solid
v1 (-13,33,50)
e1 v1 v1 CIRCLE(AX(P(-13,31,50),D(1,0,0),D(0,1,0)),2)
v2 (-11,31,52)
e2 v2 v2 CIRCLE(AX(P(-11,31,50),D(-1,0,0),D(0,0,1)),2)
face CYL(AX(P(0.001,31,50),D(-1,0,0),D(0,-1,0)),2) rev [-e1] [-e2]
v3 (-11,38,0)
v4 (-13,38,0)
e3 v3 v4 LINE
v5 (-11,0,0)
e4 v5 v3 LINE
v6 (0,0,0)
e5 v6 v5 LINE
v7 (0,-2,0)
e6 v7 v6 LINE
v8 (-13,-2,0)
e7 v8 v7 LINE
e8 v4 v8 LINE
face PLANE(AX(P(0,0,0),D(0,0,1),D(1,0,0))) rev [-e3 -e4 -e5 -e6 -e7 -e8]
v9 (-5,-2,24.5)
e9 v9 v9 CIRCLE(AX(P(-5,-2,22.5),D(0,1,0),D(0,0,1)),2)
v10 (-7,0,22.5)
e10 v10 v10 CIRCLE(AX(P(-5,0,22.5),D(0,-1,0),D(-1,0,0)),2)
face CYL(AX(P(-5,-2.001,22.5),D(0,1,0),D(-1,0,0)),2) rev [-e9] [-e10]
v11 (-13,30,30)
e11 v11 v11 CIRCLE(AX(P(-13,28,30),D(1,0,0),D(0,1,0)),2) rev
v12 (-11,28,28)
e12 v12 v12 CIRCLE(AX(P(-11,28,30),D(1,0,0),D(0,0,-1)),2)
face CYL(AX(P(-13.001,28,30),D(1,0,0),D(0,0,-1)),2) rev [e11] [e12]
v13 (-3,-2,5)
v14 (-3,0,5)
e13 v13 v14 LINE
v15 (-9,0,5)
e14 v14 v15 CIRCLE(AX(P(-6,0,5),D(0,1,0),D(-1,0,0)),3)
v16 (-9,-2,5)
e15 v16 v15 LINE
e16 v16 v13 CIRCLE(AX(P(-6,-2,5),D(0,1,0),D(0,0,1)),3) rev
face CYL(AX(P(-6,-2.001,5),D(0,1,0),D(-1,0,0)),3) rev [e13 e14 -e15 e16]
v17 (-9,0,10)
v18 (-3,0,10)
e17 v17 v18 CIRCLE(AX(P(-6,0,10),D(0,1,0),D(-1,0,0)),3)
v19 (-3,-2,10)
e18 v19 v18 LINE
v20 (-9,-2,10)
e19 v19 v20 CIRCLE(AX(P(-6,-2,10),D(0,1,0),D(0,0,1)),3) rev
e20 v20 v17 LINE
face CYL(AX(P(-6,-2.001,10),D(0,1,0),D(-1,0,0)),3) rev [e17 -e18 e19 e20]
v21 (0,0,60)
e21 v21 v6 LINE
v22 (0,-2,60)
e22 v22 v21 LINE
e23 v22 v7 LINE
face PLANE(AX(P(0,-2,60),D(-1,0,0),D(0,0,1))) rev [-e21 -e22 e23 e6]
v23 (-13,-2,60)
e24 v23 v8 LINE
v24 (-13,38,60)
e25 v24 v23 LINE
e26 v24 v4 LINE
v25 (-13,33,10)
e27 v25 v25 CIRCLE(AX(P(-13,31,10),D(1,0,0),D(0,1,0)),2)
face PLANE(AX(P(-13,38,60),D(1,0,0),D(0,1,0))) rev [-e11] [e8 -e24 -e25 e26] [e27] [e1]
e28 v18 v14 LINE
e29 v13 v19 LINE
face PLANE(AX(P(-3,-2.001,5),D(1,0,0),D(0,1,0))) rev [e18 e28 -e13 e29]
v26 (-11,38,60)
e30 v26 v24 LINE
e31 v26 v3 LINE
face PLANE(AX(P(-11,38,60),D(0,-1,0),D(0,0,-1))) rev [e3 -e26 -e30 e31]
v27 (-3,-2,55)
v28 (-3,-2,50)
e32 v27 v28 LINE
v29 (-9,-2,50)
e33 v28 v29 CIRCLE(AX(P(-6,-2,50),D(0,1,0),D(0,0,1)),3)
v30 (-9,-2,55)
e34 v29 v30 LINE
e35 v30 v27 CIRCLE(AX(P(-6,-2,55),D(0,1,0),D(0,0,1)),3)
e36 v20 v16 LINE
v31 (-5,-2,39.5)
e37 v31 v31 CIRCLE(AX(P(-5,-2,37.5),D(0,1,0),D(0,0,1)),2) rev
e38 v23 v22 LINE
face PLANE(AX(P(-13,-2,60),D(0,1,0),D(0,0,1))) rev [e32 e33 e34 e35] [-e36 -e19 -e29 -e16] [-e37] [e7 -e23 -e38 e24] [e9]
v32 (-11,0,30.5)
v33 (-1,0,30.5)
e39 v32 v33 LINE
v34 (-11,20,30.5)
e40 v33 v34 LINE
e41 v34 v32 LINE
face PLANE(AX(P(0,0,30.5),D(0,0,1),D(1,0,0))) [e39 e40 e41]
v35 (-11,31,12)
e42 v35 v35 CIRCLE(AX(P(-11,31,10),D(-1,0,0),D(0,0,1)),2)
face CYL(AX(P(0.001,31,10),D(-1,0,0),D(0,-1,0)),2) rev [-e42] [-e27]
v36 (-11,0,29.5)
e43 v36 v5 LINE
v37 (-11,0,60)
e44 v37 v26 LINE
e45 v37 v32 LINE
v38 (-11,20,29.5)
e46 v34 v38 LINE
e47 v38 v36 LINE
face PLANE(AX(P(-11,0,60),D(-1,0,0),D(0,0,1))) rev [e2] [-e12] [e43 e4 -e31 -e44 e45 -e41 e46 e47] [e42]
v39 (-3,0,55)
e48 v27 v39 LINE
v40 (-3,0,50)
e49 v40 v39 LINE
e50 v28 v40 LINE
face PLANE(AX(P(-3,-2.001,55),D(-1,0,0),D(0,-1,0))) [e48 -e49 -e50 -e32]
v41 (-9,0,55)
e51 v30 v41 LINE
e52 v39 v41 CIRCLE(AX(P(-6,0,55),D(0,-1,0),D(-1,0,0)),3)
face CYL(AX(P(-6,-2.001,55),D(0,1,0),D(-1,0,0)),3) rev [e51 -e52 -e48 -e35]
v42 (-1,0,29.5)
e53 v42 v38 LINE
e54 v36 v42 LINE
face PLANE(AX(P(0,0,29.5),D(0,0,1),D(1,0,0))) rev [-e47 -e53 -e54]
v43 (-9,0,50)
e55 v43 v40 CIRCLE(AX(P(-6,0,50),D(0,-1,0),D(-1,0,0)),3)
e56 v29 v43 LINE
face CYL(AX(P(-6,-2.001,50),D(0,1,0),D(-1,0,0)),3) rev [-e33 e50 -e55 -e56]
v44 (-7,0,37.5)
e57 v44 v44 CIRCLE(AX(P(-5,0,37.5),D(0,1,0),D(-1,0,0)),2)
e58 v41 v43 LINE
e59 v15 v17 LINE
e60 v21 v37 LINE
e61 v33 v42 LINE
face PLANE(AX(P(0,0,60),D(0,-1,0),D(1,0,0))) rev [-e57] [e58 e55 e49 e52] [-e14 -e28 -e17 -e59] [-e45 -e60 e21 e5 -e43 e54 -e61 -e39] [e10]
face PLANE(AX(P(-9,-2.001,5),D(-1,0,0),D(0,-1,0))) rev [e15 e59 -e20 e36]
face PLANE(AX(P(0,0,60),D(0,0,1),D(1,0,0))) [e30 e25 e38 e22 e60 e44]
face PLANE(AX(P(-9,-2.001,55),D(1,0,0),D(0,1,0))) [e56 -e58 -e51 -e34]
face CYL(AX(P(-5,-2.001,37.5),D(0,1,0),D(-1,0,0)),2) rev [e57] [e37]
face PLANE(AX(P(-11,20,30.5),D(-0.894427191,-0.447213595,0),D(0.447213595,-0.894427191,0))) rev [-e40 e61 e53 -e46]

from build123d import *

# Parameters (mm, degrees)
BOSS_EXTRUDE1_DEPTH = 60
BOSS_EXTRUDE2_DEPTH = 0.5
CUT_EXTRUDE1_DEPTH  = 2
CUT_EXTRUDE2_REACH  = 15
SKETCH6_R           = 2
CUT_EXTRUDE3_REACH  = 4
SKETCH7_R           = 2
SKETCH8_R           = 2
CUT_EXTRUDE4_DEPTH  = 2


with BuildPart() as part:
    # Sketch1 → Boss-Extrude1 (new body)
    with BuildSketch(Plane.XY):
        Polygon((0, 0), (-11, 0), (-11, 38), (-13, 38), (-13, -2), (0, -2), align=None)
    extrude(amount=BOSS_EXTRUDE1_DEPTH)

    # Sketch4 → Boss-Extrude2 (add, symmetric)
    with BuildSketch(Plane.XY.offset(30)):
        Polygon((-11, 20), (-1, 0), (-11, 0), align=None)
    extrude(amount=BOSS_EXTRUDE2_DEPTH, both=True)

    # Sketch5 → Cut-Extrude1 (cut)
    with BuildSketch(Plane(origin=(0, 0, 0), x_dir=(1, 0, 0), z_dir=(0, 1, 0))):
        with BuildLine():
            Line((-3, -5), (-3, -10))
            ThreePointArc((-3, -10), (-6, -13), (-9, -10))
            Line((-9, -10), (-9, -5))
            ThreePointArc((-9, -5), (-6, -2), (-3, -5))
        make_face()
    cut_extrude1 = extrude(amount=-CUT_EXTRUDE1_DEPTH, mode=Mode.SUBTRACT)

    # Mirror1: Cut-Extrude1 across plane
    add(cut_extrude1.mirror(Plane.XY.offset(30)), mode=Mode.SUBTRACT)

    # Sketch6 → Cut-Extrude2 (cut, up to next)
    with BuildSketch(Plane(origin=(-13, 0, 0), x_dir=(0, 0, -1), z_dir=(1, 0, 0)), mode=Mode.PRIVATE) as cut_extrude2_sk1:
        with Locations((-50, 31)):
            Circle(SKETCH6_R)
    cut_extrude2_tool1 = extrude(cut_extrude2_sk1.sketch, amount=CUT_EXTRUDE2_REACH, mode=Mode.PRIVATE) & part.part
    add(cut_extrude2_tool1.solids().sort_by_distance((-13, 31, 50))[0], mode=Mode.SUBTRACT)
    # Sketch6 → Cut-Extrude2 (cut, up to next)
    with BuildSketch(Plane(origin=(-13, 0, 0), x_dir=(0, 0, -1), z_dir=(1, 0, 0)), mode=Mode.PRIVATE) as cut_extrude2_sk2:
        with Locations((-10, 31)):
            Circle(SKETCH6_R)
    cut_extrude2_tool2 = extrude(cut_extrude2_sk2.sketch, amount=CUT_EXTRUDE2_REACH, mode=Mode.PRIVATE) & part.part
    add(cut_extrude2_tool2.solids().sort_by_distance((-13, 31, 10))[0], mode=Mode.SUBTRACT)

    # Sketch7 → Cut-Extrude3 (cut, up to next)
    with BuildSketch(Plane(origin=(-11, 0, 0), x_dir=(0, 0, -1), z_dir=(1, 0, 0)), mode=Mode.PRIVATE) as cut_extrude3_sk1:
        with Locations((-30, 28)):
            Circle(SKETCH7_R)
    cut_extrude3_tool1 = extrude(cut_extrude3_sk1.sketch, amount=-CUT_EXTRUDE3_REACH, mode=Mode.PRIVATE) & part.part
    add(cut_extrude3_tool1.solids().sort_by_distance((-11, 28, 30))[0], mode=Mode.SUBTRACT)

    # Sketch8 → Cut-Extrude4 (cut)
    with BuildSketch(Plane(origin=(0, 0, 0), x_dir=(1, 0, 0), z_dir=(0, 1, 0))):
        with Locations((-5, -37.5)):
            Circle(SKETCH8_R)
    cut_extrude4 = extrude(amount=-CUT_EXTRUDE4_DEPTH, mode=Mode.SUBTRACT)

    # Mirror2: Cut-Extrude4 across plane
    add(cut_extrude4.mirror(Plane.XY.offset(30)), mode=Mode.SUBTRACT)


solid = part.part
